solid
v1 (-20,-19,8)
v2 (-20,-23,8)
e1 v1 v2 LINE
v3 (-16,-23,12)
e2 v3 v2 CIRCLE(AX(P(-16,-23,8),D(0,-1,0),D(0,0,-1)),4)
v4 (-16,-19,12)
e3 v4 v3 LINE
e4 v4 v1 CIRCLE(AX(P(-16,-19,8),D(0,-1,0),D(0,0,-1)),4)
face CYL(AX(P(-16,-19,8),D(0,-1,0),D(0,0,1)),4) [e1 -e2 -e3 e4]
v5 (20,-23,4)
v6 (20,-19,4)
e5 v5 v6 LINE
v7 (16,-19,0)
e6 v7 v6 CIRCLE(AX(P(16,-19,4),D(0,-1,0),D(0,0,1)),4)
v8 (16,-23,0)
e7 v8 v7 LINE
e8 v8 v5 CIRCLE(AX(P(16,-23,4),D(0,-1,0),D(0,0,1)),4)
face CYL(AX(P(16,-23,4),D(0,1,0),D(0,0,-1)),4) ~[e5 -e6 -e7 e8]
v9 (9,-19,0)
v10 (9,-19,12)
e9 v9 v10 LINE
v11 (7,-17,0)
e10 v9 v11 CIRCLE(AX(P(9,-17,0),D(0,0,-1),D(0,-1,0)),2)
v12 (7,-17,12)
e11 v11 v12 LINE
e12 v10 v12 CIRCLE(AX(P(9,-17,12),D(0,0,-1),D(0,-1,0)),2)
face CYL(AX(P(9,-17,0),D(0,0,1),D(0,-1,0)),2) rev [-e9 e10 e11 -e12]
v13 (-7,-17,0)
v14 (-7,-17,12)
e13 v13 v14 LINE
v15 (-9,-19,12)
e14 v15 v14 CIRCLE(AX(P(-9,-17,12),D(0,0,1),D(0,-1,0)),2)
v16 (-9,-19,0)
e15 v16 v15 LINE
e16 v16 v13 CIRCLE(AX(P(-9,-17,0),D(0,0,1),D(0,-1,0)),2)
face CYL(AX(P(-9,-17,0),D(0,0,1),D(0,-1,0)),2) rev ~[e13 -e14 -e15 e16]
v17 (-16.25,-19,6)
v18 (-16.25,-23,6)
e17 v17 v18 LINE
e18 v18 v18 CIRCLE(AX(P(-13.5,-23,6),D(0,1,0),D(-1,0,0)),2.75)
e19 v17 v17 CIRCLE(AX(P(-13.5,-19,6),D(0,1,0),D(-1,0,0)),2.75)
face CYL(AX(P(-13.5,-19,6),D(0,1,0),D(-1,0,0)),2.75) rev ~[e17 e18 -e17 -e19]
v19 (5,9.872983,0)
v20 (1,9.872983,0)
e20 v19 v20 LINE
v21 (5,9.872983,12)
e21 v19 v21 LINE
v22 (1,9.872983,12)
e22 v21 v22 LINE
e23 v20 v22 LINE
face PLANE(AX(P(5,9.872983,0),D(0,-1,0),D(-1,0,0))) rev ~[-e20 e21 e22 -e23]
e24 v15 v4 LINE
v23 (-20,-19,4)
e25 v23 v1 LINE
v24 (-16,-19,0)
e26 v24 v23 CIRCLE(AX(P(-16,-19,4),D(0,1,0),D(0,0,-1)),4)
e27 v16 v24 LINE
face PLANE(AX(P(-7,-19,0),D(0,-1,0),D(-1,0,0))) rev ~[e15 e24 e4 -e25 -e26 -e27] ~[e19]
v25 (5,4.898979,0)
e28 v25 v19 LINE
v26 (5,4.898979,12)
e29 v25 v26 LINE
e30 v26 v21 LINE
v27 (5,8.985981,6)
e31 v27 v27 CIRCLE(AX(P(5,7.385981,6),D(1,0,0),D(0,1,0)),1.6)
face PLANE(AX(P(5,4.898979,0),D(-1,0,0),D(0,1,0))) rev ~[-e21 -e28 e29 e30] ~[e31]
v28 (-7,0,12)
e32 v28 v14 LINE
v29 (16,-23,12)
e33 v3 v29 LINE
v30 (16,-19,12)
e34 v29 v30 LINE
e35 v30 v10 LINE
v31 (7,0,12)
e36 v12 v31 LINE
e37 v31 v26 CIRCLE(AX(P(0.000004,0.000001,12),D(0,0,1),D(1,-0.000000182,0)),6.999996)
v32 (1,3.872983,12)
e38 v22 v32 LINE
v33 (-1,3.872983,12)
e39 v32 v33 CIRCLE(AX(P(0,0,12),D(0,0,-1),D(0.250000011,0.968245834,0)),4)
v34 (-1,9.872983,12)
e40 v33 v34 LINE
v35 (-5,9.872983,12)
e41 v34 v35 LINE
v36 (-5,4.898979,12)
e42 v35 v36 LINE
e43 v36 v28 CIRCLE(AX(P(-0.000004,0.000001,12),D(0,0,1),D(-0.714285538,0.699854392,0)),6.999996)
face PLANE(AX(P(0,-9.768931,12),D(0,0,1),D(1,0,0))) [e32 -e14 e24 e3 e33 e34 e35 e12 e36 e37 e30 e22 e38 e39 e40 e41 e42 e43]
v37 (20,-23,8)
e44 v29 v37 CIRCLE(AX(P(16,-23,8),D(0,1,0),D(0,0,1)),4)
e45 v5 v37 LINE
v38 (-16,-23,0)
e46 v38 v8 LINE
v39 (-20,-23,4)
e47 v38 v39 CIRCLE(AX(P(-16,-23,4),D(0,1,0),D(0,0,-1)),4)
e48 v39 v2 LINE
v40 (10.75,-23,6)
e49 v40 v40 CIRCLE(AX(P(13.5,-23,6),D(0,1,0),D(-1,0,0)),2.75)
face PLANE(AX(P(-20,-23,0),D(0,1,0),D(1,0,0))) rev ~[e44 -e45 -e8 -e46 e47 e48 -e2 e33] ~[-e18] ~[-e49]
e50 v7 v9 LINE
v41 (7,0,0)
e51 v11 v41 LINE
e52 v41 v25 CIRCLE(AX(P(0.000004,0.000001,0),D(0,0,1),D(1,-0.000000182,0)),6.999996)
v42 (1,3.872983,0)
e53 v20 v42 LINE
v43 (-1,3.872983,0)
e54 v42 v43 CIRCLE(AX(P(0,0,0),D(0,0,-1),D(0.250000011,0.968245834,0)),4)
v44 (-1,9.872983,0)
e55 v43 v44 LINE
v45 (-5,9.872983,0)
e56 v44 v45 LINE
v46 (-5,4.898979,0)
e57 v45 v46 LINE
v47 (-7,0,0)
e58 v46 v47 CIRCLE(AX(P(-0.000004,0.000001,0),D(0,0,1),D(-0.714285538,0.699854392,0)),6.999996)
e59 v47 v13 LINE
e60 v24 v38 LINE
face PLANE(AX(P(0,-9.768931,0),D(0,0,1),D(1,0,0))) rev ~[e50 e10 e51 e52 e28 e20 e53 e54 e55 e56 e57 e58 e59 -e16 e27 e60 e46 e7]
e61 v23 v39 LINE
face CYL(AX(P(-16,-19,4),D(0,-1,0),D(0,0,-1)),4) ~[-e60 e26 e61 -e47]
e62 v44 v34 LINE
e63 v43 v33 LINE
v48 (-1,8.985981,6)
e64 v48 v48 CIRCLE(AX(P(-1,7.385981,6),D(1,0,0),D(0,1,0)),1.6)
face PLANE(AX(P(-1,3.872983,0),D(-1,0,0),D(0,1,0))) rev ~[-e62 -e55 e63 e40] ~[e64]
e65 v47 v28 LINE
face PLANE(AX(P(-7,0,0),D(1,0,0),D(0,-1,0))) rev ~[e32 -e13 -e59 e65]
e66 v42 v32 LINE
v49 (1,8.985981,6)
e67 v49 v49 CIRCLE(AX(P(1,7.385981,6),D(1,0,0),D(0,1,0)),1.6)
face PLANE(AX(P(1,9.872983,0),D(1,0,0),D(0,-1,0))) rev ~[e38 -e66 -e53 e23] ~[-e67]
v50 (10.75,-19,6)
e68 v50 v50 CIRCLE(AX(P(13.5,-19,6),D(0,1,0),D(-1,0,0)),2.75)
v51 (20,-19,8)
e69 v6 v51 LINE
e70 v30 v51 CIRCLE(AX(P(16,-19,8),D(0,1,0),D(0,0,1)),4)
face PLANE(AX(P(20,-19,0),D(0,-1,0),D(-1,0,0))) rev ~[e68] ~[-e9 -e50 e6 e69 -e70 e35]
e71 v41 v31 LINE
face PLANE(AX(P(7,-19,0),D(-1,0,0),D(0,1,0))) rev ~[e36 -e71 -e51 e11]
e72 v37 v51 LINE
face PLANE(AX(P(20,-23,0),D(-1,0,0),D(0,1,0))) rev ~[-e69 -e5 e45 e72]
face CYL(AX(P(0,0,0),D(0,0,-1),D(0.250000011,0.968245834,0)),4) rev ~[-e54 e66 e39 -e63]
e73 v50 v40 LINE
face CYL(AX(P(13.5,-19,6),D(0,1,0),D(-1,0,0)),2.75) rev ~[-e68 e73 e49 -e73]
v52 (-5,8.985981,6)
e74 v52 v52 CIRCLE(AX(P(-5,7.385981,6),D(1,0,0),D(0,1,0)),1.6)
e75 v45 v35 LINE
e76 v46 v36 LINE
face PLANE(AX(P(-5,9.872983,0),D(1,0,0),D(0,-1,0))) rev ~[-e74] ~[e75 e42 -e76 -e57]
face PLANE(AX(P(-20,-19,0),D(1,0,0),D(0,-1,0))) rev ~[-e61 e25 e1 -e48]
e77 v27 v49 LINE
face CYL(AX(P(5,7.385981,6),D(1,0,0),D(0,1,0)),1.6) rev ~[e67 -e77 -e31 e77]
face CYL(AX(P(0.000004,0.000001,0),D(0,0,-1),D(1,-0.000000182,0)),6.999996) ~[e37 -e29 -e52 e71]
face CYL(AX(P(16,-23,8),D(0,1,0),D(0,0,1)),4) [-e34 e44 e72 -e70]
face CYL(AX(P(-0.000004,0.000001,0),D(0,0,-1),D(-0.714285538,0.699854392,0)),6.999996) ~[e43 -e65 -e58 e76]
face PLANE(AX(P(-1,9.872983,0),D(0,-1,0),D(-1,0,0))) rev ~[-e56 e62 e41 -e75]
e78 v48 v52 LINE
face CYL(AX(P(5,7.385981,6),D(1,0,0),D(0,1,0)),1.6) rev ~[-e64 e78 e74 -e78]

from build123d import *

# Parameters (mm, degrees)
F1_DEPTH = 12
F2_R     = 2.75
F3_DEPTH = 25
F4_R     = 4
F5_R     = 2
F6_R     = 1.6
F7_DEPTH = 25.001


with BuildPart() as f1:
    # F0 (on Top) → F1 (new body)
    with BuildSketch(Plane.XY):
        with BuildLine():
            ThreePointArc((1, 3.872983), (0, -4), (-1, 3.872983))
            Line((-1, 3.872983), (-1, 6.928203))
            Line((-1, 6.928203), (-1, 9.872983))
            Line((-1, 9.872983), (-5, 9.872983))
            Line((-5, 9.872983), (-5, 4.898979))
            ThreePointArc((-5, 4.898979), (-6.480741, 2.645751), (-7, 0))
            Line((-7, 0), (-7, -19))
            Line((-7, -19), (-20, -19))
            Line((-20, -19), (-20, -23))
            Line((-20, -23), (0, -23))
            Line((0, -23), (20, -23))
            Line((20, -23), (20, -19))
            Line((20, -19), (7, -19))
            Line((7, -19), (7, 0))
            ThreePointArc((7, 0), (6.480741, 2.645751), (5, 4.898979))
            Line((5, 4.898979), (5, 9.872983))
            Line((5, 9.872983), (1, 9.872983))
            Line((1, 9.872983), (1, 6.872983))
            Line((1, 6.872983), (1, 3.872983))
        make_face()
    extrude(amount=F1_DEPTH)

    # F2 (on face) → F3 (cut)
    with BuildSketch(Plane(origin=(0, -19, 0), x_dir=(-1, 0, 0), z_dir=(0, 1, 0))):
        with Locations((-13.5, 6)):
            Circle(F2_R)
        with Locations((13.5, 6)):
            Circle(F2_R)
    extrude(amount=-F3_DEPTH, mode=Mode.SUBTRACT)

    # F4
    f4_edges = [f1.edges().sort_by_distance(p)[0] for p in [
        (20, -21, 12),
        (20, -21, 0),
        (-20, -21, 0),
        (-20, -21, 12),
    ]]
    fillet(f4_edges, radius=F4_R)

    # F5
    f5_edges = [f1.edges().sort_by_distance(p)[0] for p in [
        (7, -19, 6),
        (-7, -19, 6),
    ]]
    fillet(f5_edges, radius=F5_R)

    # F6 (on face) → F7 (cut, through all)
    with BuildSketch(Plane.YZ.offset(5)):
        with Locations((7.385981, 6)):
            Circle(F6_R)
    extrude(amount=-F7_DEPTH, mode=Mode.SUBTRACT)


solid = f1.part
